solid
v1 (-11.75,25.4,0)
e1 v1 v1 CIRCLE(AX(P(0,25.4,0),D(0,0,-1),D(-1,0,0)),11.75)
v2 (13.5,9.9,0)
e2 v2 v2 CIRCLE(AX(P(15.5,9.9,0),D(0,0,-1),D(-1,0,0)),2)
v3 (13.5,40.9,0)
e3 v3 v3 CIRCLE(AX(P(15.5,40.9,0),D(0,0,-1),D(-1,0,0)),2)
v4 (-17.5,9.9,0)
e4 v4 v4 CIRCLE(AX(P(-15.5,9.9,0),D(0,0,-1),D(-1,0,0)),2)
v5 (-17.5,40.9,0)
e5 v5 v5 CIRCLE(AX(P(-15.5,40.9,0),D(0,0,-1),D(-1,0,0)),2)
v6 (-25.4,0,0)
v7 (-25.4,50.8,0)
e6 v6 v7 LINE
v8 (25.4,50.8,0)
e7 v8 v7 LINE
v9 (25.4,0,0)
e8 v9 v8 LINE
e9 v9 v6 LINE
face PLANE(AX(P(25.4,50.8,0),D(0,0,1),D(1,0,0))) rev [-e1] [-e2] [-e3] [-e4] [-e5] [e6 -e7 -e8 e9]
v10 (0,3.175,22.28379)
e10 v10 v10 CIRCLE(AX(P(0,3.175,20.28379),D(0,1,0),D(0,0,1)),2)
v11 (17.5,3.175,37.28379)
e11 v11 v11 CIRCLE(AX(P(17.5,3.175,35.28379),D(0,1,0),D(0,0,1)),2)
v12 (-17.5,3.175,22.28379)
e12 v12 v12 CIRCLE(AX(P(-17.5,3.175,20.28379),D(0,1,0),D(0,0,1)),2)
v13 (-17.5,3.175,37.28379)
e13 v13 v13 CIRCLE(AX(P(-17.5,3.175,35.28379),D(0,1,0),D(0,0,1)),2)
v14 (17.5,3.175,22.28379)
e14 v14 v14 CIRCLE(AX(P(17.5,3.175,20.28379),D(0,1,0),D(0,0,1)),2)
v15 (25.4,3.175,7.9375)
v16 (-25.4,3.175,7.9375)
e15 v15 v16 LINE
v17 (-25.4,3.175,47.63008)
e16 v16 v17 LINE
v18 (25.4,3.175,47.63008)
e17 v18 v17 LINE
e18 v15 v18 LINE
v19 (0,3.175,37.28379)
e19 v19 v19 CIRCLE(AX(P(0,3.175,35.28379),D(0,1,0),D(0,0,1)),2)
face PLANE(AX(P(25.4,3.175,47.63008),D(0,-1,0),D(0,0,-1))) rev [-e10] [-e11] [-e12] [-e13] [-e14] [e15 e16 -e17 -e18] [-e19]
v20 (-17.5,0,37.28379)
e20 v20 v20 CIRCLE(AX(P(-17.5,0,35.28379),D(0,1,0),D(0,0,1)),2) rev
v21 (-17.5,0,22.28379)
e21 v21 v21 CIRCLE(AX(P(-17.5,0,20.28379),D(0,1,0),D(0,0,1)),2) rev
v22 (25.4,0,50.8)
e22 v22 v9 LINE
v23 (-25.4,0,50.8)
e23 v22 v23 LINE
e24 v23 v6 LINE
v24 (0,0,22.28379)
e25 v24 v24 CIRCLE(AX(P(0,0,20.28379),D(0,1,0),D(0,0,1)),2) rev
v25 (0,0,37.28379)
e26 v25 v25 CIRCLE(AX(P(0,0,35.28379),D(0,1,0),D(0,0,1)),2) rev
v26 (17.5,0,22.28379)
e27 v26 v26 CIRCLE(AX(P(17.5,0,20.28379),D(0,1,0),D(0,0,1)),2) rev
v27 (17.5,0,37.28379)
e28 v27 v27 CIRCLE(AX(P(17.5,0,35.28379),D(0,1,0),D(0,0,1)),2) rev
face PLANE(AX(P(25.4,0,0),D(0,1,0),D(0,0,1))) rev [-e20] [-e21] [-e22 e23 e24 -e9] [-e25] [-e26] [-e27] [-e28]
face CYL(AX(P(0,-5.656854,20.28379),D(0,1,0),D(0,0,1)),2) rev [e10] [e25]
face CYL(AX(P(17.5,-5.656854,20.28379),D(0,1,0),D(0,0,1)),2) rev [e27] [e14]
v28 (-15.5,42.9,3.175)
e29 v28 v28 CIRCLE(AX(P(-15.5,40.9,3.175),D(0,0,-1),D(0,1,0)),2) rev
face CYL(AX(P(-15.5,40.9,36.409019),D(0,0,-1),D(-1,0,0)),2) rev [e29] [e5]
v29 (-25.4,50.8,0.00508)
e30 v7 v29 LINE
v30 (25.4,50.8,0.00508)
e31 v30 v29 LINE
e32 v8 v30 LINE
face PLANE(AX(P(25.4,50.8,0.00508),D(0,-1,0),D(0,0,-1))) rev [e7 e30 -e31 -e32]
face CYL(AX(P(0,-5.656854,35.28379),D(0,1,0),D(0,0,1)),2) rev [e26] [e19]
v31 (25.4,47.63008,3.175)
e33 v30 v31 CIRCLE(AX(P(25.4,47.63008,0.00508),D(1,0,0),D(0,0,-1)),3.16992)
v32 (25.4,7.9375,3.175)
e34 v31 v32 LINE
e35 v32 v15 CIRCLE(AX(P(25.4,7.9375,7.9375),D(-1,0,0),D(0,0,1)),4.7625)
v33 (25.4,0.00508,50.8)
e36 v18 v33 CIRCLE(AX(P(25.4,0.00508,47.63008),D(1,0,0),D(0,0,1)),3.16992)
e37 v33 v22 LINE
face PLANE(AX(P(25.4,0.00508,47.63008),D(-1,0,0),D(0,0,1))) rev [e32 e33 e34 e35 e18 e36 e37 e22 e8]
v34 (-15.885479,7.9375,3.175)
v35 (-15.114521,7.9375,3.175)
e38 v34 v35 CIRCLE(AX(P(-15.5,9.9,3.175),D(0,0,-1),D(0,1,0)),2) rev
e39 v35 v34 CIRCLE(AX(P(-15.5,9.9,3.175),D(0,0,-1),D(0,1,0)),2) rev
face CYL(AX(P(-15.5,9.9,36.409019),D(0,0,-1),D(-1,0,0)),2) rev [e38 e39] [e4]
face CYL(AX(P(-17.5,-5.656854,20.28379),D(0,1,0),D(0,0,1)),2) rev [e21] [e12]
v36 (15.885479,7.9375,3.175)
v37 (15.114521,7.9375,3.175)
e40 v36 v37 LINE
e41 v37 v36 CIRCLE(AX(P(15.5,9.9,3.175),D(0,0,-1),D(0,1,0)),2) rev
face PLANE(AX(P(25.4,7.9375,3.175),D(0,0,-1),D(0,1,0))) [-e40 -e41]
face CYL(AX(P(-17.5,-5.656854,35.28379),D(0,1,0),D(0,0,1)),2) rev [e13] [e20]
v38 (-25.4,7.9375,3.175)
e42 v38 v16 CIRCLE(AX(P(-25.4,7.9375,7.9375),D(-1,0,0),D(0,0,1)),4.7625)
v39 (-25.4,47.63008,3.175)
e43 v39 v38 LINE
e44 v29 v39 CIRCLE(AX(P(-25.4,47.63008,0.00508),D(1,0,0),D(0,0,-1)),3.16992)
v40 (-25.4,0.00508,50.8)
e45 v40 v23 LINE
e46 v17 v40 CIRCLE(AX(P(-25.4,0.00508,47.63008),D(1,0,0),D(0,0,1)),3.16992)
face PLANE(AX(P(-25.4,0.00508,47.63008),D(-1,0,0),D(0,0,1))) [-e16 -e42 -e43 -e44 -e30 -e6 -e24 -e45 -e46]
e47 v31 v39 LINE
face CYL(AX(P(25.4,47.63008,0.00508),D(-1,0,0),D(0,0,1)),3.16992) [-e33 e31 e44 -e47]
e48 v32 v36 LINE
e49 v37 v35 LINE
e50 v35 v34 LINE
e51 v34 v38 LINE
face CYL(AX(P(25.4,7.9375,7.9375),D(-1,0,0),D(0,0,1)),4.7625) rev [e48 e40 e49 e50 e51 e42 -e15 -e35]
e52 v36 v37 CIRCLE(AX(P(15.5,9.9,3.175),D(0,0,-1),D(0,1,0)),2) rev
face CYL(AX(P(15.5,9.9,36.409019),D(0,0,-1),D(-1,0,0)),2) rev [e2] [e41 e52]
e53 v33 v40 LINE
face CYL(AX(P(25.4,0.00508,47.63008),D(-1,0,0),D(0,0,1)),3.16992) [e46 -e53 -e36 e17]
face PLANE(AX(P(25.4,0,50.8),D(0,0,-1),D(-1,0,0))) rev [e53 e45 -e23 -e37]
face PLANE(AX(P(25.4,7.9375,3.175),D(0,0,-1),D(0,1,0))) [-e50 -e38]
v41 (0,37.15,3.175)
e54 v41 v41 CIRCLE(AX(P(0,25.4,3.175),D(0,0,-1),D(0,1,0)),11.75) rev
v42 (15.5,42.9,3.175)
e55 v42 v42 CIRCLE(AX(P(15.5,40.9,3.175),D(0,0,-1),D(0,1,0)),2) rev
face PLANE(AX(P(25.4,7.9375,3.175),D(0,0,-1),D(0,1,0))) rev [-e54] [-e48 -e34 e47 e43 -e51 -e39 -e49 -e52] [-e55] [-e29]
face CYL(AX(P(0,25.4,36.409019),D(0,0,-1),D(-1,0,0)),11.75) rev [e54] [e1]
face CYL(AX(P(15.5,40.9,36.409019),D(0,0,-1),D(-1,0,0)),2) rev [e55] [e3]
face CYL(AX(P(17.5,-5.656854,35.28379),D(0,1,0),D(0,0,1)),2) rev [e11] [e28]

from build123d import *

# Parameters (mm, degrees)
HIERRO_ANGULAR_2_X_2_X_0_125_1_DEPTH = 50.8
CROQUIS3_R                           = 11.75
CROQUIS3_R_2                         = 2
CORTAR_EXTRUIR1_DEPTH                = 3.175
CROQUIS4_R                           = 2
CORTAR_EXTRUIR2_DEPTH                = 3.175


with BuildPart() as part:
    # Sketch1 → Hierro angular 2 X 2 X 0.125(1) (new body)
    with BuildSketch(Plane.YZ.offset(-25.4)):
        with BuildLine():
            Line((0, 0), (0, 50.8))
            Line((0, 50.8), (0.00508, 50.8))
            ThreePointArc((0.00508, 50.8), (2.246551928, 49.871551928), (3.175, 47.63008))
            Line((3.175, 47.63008), (3.175, 7.9375))
            ThreePointArc((3.175, 7.9375), (4.569903955, 4.569903955), (7.9375, 3.175))
            Line((7.9375, 3.175), (47.63008, 3.175))
            ThreePointArc((47.63008, 3.175), (49.871551928, 2.246551928), (50.8, 0.00508))
            Line((50.8, 0.00508), (50.8, 0))
            Line((50.8, 0), (0, 0))
        make_face()
    extrude(amount=HIERRO_ANGULAR_2_X_2_X_0_125_1_DEPTH)

    # Croquis3 → Cortar-Extruir1 (cut)
    with BuildSketch(Plane(origin=(0, 0, 0), x_dir=(-1, 0, 0), z_dir=(0, 0, -1))):
        with Locations((0, 25.4)):
            Circle(CROQUIS3_R)
        with Locations((-15.5, 40.9)):
            Circle(CROQUIS3_R_2)
        with Locations((15.5, 40.9)):
            Circle(CROQUIS3_R_2)
        with Locations((15.5, 9.9)):
            Circle(CROQUIS3_R_2)
        with Locations((-15.5, 9.9)):
            Circle(CROQUIS3_R_2)
    extrude(amount=-CORTAR_EXTRUIR1_DEPTH, mode=Mode.SUBTRACT)

    # Croquis4 → Cortar-Extruir2 (cut)
    with BuildSketch(Plane(origin=(0, 3.175, 0), x_dir=(1, 0, 0), z_dir=(0, 1, 0))):
        with Locations(Location((-17.5, -20.28379, 0), (0, 0, 270))):
            Circle(CROQUIS4_R)
        with Locations(Location((17.5, -20.28379, 0), (0, 0, 270))):
            Circle(CROQUIS4_R)
        with Locations(Location((17.5, -35.28379, 0), (0, 0, 270))):
            Circle(CROQUIS4_R)
        with Locations(Location((-17.5, -35.28379, 0), (0, 0, 270))):
            Circle(CROQUIS4_R)
        with Locations(Location((0, -20.28379, 0), (0, 0, 270))):
            Circle(CROQUIS4_R)
        with Locations(Location((0, -35.28379, 0), (0, 0, 270))):
            Circle(CROQUIS4_R)
    extrude(amount=-CORTAR_EXTRUIR2_DEPTH, mode=Mode.SUBTRACT)


solid = part.part
